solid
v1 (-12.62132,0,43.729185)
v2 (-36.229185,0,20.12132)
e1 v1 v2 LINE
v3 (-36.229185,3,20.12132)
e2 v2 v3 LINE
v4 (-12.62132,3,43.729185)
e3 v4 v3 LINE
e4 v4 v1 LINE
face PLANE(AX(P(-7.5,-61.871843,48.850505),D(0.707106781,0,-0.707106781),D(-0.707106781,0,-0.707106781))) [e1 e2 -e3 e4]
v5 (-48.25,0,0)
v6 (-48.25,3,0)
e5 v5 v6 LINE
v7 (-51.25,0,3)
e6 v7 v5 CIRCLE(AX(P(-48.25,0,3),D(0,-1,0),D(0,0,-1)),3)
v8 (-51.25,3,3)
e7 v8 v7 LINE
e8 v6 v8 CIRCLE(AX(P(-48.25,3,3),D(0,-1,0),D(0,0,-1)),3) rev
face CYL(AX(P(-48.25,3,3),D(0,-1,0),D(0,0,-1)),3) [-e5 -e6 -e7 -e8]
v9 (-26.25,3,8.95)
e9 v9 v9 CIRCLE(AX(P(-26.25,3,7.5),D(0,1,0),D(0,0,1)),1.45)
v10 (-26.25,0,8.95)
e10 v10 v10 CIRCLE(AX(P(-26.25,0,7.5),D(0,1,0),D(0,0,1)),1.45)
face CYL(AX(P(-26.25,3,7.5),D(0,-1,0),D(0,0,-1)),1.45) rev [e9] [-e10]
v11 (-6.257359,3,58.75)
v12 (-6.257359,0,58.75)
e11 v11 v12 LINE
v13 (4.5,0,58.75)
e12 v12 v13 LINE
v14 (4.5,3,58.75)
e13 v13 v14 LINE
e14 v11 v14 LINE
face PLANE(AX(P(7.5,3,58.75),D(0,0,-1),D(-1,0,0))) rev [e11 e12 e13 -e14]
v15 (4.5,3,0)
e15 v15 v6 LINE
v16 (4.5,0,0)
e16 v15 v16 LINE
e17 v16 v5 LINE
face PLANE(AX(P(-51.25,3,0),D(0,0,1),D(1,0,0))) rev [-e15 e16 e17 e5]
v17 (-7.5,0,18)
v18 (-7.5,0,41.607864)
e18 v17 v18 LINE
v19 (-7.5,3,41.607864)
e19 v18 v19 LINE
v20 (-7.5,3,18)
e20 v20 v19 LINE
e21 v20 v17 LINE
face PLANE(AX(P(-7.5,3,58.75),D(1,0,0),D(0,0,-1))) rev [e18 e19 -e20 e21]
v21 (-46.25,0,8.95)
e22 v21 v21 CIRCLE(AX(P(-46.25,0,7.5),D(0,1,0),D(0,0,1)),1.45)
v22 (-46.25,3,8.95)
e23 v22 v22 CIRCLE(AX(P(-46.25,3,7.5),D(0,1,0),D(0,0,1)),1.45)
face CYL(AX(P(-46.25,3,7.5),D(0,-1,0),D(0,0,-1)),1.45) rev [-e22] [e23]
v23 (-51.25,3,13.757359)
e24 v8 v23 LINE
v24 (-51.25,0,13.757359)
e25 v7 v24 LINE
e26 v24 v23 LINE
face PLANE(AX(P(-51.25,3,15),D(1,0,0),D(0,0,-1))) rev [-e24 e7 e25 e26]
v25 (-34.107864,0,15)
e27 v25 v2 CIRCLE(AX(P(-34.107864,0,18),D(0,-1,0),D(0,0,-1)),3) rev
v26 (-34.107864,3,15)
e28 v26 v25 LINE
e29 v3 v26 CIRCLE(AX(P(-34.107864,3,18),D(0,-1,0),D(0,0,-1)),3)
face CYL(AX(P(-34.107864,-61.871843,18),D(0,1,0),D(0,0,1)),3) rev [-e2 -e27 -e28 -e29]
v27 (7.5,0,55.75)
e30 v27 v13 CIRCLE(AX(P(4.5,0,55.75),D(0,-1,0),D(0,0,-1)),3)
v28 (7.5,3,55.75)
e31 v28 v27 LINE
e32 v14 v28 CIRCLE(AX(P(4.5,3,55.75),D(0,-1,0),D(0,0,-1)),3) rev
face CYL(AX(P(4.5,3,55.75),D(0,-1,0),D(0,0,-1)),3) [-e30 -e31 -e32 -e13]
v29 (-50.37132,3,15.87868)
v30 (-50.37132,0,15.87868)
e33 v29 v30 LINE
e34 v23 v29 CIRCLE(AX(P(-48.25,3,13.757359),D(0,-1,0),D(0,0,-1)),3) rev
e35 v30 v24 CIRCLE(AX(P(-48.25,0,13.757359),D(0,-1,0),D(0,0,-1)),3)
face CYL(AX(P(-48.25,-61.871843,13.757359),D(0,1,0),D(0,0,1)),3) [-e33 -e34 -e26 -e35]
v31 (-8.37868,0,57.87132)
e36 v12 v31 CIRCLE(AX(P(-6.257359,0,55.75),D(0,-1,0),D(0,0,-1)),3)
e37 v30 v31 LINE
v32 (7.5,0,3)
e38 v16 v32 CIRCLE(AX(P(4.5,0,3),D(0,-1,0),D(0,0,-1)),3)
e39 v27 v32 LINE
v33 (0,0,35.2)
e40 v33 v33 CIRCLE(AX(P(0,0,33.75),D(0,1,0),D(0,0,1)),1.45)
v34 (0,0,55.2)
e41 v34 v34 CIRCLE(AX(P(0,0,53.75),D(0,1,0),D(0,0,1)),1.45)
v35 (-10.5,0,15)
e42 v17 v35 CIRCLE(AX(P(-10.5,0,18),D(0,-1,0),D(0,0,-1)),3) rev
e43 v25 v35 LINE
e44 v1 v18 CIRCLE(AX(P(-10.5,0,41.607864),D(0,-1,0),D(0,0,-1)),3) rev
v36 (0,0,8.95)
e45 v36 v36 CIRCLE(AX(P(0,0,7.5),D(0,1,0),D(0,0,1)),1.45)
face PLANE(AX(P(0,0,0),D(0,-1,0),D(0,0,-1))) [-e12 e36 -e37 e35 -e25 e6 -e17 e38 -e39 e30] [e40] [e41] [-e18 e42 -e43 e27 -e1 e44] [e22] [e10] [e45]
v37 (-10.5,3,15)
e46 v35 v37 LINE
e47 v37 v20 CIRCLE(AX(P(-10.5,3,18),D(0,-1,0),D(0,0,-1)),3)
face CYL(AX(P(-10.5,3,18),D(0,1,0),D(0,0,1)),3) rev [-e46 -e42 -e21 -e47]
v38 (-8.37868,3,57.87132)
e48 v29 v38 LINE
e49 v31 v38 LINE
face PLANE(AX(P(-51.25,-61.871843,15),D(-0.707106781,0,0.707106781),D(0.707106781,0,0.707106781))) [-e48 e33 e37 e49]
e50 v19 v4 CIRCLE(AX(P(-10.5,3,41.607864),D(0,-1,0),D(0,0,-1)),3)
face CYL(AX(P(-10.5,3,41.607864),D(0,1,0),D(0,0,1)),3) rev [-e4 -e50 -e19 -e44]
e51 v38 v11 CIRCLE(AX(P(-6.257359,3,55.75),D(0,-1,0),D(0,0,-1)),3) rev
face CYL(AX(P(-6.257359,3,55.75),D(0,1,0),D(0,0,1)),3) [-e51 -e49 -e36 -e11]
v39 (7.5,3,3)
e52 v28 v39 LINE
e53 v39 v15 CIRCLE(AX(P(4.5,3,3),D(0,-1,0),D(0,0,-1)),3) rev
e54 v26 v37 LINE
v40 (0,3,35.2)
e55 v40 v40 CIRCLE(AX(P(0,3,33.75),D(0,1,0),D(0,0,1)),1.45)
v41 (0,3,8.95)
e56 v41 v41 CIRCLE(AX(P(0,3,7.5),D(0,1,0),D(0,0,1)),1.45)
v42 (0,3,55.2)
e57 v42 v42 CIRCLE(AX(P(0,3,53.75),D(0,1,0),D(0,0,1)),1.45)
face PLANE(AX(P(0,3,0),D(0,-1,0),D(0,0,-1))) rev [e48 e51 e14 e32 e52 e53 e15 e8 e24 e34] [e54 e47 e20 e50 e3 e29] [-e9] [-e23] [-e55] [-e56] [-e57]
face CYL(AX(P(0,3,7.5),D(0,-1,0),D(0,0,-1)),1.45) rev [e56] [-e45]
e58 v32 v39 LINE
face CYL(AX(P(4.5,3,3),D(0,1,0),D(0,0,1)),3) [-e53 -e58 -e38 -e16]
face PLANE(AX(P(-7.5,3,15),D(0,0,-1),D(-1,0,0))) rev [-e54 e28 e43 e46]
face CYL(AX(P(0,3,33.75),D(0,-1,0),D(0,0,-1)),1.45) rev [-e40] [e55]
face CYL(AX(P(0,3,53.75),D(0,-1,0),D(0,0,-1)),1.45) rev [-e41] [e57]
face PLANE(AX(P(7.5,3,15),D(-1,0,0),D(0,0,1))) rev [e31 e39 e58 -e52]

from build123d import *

# Parameters (mm, degrees)
SKETCH_1_R          = 1.45
EXTRUDE_1_DEPTH     = 3
EXTRUDE_2_DEPTH     = 3
SKETCH_4_W          = 43.75
SKETCH_4_H          = 58.75
CUT_EXTRUDE_2_DEPTH = 79.02002948
FILLET_1_R          = 3


with BuildPart() as part:
    # 草图1 → 凸台-拉伸1 (new body)
    with BuildSketch(Plane(origin=(0, 0, 0), x_dir=(1, 0, 0), z_dir=(0, 1, 0))):
        Polygon((-51.25, 0), (0, 0), (51.25, 0), (51.25, -15), (7.5, -15), (7.5, -58.75), (-7.5, -58.75), (-7.5, -15), (-51.25, -15), align=None)
        with Locations(Location((0, -7.5, 0), (0, 0, 270))):
            Circle(SKETCH_1_R, mode=Mode.SUBTRACT)
        with Locations(Location((0, -33.75, 0), (0, 0, 270))):
            Circle(SKETCH_1_R, mode=Mode.SUBTRACT)
        with Locations(Location((0, -53.75, 0), (0, 0, 270))):
            Circle(SKETCH_1_R, mode=Mode.SUBTRACT)
        with Locations(Location((-26.25, -7.5, 0), (0, 0, 270))):
            Circle(SKETCH_1_R, mode=Mode.SUBTRACT)
        with Locations(Location((-46.25, -7.5, 0), (0, 0, 270))):
            Circle(SKETCH_1_R, mode=Mode.SUBTRACT)
        with Locations(Location((46.25, -7.5, 0), (0, 0, 90))):
            Circle(SKETCH_1_R, mode=Mode.SUBTRACT)
        with Locations(Location((26.25, -7.5, 0), (0, 0, 90))):
            Circle(SKETCH_1_R, mode=Mode.SUBTRACT)
    extrude(amount=EXTRUDE_1_DEPTH)

    # 草图2 → 凸台-拉伸2 (add)
    with BuildSketch(Plane(origin=(0, 3, 0), x_dir=(1, 0, 0), z_dir=(0, 1, 0))):
        Polygon((-51.25, -15), (-7.5, -58.75), (-7.5, -48.850505063), (-41.350505063, -15), align=None)
        Polygon((41.350505063, -15), (51.25, -15), (7.5, -58.75), (7.5, -48.850505063), align=None)
    extrude(amount=-EXTRUDE_2_DEPTH)

    # 草图4 → 切除-拉伸2 (cut, through all)
    with BuildSketch(Plane(origin=(0, 3, 0), x_dir=(1, 0, 0), z_dir=(0, 1, 0))):
        with Locations((29.375, -29.375)):
            Rectangle(SKETCH_4_W, SKETCH_4_H)
    extrude(amount=-CUT_EXTRUDE_2_DEPTH, mode=Mode.SUBTRACT)

    # 圆角1
    fillet_1_edges = [part.edges().sort_by_distance(p)[0] for p in [
        (-51.25, 1.5, 0),
        (7.5, 1.5, 58.75),
        (-7.5, 1.5, 58.75),
        (-7.5, 1.5, 15),
        (-51.25, 1.5, 15),
        (-7.5, 1.5, 48.850505063),
        (-41.350505063, 1.5, 15),
        (7.5, 1.5, 0),
    ]]
    fillet(fillet_1_edges, radius=FILLET_1_R)


solid = part.part
